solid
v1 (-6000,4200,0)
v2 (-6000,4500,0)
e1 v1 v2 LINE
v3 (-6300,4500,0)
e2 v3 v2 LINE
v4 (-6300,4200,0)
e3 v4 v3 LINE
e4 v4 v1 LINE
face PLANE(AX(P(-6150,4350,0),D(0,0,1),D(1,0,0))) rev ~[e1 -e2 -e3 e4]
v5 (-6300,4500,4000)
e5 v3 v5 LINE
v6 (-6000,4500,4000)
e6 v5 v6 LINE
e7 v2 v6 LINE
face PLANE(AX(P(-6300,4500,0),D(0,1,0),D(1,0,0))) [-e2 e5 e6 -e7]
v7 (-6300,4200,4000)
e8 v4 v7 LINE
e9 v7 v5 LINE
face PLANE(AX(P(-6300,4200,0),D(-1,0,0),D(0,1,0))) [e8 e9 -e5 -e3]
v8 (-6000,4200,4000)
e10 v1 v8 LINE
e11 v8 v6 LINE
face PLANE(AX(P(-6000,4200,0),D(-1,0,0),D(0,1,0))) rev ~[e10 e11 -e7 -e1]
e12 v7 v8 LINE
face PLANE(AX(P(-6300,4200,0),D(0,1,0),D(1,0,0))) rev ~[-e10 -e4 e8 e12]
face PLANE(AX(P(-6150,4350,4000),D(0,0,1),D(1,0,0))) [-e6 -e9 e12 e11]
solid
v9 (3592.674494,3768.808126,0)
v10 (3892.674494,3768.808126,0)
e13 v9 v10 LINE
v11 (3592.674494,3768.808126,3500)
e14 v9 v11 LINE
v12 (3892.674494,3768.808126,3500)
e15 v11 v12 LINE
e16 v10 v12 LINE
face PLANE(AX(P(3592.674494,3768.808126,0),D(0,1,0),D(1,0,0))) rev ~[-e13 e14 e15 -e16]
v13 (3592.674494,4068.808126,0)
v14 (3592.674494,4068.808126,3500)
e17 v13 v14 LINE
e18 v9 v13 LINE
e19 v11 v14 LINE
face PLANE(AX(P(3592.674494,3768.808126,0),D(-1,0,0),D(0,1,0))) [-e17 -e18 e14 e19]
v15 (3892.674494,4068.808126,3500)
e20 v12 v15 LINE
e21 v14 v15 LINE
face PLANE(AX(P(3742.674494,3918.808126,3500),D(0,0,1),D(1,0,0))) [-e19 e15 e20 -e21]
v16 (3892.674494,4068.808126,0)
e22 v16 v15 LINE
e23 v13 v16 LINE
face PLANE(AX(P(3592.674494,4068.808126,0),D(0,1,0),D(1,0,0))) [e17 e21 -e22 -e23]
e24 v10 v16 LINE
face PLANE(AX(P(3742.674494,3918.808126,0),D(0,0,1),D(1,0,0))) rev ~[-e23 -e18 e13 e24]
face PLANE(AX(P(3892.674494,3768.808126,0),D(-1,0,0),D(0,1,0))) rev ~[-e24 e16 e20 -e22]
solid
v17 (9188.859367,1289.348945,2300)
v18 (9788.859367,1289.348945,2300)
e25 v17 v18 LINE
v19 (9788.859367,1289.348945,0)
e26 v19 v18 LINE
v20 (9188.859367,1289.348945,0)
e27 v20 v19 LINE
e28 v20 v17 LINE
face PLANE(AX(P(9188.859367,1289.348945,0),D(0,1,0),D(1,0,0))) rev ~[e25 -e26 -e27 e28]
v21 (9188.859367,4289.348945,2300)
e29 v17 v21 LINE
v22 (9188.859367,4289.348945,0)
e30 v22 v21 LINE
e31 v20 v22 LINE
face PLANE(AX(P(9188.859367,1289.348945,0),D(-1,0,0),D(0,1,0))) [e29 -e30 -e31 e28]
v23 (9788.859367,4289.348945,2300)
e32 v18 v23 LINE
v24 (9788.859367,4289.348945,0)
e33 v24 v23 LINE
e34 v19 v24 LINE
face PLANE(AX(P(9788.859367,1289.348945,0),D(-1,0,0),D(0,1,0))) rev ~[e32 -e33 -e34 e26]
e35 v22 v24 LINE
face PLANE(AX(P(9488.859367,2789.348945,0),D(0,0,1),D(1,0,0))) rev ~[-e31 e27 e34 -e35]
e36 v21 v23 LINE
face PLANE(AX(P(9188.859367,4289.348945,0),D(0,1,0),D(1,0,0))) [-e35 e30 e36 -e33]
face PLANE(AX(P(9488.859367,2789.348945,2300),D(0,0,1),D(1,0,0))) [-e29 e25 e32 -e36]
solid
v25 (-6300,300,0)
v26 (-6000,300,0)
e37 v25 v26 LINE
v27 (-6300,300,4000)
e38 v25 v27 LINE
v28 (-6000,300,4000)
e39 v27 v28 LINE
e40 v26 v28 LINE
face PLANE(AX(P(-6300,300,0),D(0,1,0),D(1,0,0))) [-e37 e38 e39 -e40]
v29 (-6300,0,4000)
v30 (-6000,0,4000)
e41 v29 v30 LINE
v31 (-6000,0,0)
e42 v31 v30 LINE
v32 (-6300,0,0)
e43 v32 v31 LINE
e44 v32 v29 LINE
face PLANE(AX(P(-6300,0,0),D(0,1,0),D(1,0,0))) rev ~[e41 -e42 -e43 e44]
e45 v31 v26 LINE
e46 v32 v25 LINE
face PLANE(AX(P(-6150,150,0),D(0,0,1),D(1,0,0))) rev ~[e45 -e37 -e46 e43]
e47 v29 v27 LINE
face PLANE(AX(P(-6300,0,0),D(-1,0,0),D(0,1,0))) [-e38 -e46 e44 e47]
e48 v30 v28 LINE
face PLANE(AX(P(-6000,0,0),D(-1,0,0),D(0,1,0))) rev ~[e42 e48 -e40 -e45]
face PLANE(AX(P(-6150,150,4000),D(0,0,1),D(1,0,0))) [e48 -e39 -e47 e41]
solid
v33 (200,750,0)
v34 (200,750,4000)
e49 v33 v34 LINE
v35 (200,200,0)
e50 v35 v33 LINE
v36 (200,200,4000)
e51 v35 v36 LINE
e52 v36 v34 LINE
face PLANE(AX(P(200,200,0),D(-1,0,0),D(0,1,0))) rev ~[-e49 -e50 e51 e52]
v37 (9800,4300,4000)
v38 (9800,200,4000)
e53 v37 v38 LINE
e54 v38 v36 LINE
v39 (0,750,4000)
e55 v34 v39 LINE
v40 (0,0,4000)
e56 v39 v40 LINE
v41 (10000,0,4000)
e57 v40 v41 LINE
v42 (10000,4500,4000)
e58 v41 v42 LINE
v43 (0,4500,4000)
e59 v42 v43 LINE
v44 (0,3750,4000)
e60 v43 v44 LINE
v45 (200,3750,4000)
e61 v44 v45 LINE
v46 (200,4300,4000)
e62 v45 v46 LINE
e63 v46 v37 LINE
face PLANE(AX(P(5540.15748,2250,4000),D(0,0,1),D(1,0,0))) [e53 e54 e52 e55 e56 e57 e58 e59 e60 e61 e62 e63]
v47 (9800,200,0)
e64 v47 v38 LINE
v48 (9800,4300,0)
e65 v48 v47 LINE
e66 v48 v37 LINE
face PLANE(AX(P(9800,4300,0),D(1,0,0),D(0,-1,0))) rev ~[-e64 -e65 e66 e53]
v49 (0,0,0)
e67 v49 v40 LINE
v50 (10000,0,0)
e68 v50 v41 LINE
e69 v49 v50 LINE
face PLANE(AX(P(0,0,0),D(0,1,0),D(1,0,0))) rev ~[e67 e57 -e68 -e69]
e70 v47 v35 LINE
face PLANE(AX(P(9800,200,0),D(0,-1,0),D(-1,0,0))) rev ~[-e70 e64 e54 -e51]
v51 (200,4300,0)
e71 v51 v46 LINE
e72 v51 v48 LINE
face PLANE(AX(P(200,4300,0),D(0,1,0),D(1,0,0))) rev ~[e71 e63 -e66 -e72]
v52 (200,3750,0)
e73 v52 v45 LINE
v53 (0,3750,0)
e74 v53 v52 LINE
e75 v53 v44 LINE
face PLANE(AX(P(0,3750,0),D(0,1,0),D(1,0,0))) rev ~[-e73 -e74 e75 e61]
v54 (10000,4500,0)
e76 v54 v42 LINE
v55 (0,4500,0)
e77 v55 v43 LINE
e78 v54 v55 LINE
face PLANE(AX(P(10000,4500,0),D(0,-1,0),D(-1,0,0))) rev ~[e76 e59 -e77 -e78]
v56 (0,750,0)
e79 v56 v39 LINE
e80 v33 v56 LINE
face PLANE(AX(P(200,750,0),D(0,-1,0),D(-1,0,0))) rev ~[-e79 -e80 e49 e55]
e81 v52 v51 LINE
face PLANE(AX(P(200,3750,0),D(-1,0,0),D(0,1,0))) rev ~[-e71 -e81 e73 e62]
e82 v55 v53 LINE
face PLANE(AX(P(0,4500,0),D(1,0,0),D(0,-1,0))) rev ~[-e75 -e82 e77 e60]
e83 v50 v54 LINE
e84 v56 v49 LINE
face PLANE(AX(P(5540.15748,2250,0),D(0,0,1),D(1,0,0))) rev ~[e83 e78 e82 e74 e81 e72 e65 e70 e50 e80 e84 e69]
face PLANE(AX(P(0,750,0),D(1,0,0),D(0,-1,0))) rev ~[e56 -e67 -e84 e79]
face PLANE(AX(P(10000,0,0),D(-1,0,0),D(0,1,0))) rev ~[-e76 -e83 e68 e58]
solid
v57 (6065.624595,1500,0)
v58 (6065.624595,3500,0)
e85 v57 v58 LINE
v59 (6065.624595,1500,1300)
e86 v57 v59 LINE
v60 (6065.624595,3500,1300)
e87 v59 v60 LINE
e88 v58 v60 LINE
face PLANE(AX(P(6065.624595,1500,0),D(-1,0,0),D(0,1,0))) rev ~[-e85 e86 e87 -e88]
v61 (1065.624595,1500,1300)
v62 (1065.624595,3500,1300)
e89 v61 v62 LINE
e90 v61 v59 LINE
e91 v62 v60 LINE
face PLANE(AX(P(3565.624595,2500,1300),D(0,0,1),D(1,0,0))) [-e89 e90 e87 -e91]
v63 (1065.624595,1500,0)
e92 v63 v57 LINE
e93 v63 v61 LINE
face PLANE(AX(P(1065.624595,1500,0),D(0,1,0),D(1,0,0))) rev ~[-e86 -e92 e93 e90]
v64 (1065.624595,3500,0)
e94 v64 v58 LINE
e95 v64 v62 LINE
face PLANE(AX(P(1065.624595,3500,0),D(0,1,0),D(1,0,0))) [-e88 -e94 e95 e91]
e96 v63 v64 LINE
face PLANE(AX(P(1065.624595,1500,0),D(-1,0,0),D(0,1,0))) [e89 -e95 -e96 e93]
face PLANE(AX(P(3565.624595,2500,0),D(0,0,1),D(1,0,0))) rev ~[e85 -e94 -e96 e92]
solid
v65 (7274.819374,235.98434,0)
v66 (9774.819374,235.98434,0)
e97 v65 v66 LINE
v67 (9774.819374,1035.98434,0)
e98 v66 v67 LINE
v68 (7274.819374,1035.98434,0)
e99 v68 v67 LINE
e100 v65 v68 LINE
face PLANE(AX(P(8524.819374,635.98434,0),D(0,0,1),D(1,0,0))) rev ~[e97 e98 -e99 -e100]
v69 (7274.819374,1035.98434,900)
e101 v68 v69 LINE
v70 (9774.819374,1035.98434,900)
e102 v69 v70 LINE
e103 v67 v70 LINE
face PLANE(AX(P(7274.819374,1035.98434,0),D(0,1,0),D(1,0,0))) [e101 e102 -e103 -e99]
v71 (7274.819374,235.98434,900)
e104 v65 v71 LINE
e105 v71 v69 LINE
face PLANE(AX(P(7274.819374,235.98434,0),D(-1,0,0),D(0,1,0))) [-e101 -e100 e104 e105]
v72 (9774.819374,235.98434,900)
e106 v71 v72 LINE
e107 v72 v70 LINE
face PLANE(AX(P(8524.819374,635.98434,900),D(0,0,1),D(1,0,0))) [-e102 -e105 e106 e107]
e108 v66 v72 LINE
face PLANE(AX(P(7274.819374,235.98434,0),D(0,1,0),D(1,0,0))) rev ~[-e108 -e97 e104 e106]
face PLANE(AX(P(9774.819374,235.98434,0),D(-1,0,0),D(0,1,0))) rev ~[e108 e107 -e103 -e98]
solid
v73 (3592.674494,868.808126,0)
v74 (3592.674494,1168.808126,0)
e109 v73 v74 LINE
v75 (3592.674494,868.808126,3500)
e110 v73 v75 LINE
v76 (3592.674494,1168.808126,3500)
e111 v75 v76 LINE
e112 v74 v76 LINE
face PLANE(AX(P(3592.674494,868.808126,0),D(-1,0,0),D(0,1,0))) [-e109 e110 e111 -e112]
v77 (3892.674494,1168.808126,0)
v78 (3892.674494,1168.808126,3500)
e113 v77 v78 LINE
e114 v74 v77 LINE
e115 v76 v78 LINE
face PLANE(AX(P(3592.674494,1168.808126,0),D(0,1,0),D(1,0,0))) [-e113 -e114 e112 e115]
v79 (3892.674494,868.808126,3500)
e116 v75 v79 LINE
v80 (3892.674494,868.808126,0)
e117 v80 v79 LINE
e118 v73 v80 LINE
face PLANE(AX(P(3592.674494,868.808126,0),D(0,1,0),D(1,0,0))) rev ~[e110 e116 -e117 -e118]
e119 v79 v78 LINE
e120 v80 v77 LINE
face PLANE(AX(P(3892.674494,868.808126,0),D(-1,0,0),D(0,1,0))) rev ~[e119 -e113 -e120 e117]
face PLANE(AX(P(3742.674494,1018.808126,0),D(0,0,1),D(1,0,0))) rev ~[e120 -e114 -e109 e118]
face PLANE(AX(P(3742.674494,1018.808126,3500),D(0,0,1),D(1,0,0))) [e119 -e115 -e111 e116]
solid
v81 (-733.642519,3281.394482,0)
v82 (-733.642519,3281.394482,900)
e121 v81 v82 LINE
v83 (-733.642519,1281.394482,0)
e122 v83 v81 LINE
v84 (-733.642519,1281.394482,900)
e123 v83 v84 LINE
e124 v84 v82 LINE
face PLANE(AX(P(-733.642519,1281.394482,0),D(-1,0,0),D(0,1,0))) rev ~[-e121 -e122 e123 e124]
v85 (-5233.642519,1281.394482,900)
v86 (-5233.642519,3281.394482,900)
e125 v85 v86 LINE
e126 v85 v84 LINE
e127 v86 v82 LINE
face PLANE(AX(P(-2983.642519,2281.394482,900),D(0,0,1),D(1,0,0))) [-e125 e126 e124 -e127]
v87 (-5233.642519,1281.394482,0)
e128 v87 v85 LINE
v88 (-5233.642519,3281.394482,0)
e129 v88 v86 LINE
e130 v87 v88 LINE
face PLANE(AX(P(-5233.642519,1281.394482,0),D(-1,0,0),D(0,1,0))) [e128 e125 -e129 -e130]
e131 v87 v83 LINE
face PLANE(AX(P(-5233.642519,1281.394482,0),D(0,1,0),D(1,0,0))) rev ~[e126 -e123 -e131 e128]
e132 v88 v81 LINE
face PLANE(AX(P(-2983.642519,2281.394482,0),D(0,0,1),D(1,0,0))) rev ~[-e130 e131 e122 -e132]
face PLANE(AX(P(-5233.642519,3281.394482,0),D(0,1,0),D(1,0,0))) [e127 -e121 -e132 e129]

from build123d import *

# Parameters (mm, degrees)
F0_W     = 300
F0_H     = 300
F1_DEPTH = 4000
F2_W     = 5000
F2_H     = 2000
F3_DEPTH = 1300
F4_W     = 600
F4_H     = 3000
F5_DEPTH = 2300
F2_W_2   = 4500
F6_DEPTH = 900
F7_W     = 300
F7_H     = 300
F8_DEPTH = 3500
F4_W_2   = 2500
F4_H_2   = 800
F9_DEPTH = 900


with BuildPart() as f1:
    # F0 (on Top) → F1 (new body)
    with BuildSketch(Plane.XY):
        Polygon((0, 750), (0, 0), (10000, 0), (10000, 4500), (0, 4500), (0, 3750), (200, 3750), (200, 4300), (9800, 4300), (9800, 200), (200, 200), (200, 750), align=None)
        with Locations((-6150, 4350)):
            Rectangle(F0_W, F0_H)
        with Locations((-6150, 150)):
            Rectangle(F0_W, F0_H)
    extrude(amount=F1_DEPTH)


with BuildPart() as f3:
    # F2 (on Top) → F3 (new body)
    with BuildSketch(Plane.XY):
        with Locations((3565.624595, 2500)):
            Rectangle(F2_W, F2_H)
    extrude(amount=F3_DEPTH)


with BuildPart() as f5:
    # F4 (on Top) → F5 (new body)
    with BuildSketch(Plane.XY):
        with Locations((9488.859367, 2789.348945)):
            Rectangle(F4_W, F4_H)
    extrude(amount=F5_DEPTH)


with BuildPart() as f6:
    # F2 (on Top) → F6 (new body)
    with BuildSketch(Plane.XY):
        with Locations((-2983.642519, 2281.394482)):
            Rectangle(F2_W_2, F2_H)
    extrude(amount=F6_DEPTH)


with BuildPart() as f8:
    # F7 (on Top) → F8 (new body)
    with BuildSketch(Plane.XY):
        with Locations((3742.674494, 3918.808126)):
            Rectangle(F7_W, F7_H)
        with Locations((3742.674494, 1018.808126)):
            Rectangle(F7_W, F7_H)
    extrude(amount=F8_DEPTH)


with BuildPart() as f9:
    # F4 (on Top) → F9 (new body)
    with BuildSketch(Plane.XY):
        with Locations((8524.819374, 635.98434)):
            Rectangle(F4_W_2, F4_H_2)
    extrude(amount=F9_DEPTH)


solid = Compound([f1.part, f3.part, f5.part, f6.part, f8.part, f9.part])
